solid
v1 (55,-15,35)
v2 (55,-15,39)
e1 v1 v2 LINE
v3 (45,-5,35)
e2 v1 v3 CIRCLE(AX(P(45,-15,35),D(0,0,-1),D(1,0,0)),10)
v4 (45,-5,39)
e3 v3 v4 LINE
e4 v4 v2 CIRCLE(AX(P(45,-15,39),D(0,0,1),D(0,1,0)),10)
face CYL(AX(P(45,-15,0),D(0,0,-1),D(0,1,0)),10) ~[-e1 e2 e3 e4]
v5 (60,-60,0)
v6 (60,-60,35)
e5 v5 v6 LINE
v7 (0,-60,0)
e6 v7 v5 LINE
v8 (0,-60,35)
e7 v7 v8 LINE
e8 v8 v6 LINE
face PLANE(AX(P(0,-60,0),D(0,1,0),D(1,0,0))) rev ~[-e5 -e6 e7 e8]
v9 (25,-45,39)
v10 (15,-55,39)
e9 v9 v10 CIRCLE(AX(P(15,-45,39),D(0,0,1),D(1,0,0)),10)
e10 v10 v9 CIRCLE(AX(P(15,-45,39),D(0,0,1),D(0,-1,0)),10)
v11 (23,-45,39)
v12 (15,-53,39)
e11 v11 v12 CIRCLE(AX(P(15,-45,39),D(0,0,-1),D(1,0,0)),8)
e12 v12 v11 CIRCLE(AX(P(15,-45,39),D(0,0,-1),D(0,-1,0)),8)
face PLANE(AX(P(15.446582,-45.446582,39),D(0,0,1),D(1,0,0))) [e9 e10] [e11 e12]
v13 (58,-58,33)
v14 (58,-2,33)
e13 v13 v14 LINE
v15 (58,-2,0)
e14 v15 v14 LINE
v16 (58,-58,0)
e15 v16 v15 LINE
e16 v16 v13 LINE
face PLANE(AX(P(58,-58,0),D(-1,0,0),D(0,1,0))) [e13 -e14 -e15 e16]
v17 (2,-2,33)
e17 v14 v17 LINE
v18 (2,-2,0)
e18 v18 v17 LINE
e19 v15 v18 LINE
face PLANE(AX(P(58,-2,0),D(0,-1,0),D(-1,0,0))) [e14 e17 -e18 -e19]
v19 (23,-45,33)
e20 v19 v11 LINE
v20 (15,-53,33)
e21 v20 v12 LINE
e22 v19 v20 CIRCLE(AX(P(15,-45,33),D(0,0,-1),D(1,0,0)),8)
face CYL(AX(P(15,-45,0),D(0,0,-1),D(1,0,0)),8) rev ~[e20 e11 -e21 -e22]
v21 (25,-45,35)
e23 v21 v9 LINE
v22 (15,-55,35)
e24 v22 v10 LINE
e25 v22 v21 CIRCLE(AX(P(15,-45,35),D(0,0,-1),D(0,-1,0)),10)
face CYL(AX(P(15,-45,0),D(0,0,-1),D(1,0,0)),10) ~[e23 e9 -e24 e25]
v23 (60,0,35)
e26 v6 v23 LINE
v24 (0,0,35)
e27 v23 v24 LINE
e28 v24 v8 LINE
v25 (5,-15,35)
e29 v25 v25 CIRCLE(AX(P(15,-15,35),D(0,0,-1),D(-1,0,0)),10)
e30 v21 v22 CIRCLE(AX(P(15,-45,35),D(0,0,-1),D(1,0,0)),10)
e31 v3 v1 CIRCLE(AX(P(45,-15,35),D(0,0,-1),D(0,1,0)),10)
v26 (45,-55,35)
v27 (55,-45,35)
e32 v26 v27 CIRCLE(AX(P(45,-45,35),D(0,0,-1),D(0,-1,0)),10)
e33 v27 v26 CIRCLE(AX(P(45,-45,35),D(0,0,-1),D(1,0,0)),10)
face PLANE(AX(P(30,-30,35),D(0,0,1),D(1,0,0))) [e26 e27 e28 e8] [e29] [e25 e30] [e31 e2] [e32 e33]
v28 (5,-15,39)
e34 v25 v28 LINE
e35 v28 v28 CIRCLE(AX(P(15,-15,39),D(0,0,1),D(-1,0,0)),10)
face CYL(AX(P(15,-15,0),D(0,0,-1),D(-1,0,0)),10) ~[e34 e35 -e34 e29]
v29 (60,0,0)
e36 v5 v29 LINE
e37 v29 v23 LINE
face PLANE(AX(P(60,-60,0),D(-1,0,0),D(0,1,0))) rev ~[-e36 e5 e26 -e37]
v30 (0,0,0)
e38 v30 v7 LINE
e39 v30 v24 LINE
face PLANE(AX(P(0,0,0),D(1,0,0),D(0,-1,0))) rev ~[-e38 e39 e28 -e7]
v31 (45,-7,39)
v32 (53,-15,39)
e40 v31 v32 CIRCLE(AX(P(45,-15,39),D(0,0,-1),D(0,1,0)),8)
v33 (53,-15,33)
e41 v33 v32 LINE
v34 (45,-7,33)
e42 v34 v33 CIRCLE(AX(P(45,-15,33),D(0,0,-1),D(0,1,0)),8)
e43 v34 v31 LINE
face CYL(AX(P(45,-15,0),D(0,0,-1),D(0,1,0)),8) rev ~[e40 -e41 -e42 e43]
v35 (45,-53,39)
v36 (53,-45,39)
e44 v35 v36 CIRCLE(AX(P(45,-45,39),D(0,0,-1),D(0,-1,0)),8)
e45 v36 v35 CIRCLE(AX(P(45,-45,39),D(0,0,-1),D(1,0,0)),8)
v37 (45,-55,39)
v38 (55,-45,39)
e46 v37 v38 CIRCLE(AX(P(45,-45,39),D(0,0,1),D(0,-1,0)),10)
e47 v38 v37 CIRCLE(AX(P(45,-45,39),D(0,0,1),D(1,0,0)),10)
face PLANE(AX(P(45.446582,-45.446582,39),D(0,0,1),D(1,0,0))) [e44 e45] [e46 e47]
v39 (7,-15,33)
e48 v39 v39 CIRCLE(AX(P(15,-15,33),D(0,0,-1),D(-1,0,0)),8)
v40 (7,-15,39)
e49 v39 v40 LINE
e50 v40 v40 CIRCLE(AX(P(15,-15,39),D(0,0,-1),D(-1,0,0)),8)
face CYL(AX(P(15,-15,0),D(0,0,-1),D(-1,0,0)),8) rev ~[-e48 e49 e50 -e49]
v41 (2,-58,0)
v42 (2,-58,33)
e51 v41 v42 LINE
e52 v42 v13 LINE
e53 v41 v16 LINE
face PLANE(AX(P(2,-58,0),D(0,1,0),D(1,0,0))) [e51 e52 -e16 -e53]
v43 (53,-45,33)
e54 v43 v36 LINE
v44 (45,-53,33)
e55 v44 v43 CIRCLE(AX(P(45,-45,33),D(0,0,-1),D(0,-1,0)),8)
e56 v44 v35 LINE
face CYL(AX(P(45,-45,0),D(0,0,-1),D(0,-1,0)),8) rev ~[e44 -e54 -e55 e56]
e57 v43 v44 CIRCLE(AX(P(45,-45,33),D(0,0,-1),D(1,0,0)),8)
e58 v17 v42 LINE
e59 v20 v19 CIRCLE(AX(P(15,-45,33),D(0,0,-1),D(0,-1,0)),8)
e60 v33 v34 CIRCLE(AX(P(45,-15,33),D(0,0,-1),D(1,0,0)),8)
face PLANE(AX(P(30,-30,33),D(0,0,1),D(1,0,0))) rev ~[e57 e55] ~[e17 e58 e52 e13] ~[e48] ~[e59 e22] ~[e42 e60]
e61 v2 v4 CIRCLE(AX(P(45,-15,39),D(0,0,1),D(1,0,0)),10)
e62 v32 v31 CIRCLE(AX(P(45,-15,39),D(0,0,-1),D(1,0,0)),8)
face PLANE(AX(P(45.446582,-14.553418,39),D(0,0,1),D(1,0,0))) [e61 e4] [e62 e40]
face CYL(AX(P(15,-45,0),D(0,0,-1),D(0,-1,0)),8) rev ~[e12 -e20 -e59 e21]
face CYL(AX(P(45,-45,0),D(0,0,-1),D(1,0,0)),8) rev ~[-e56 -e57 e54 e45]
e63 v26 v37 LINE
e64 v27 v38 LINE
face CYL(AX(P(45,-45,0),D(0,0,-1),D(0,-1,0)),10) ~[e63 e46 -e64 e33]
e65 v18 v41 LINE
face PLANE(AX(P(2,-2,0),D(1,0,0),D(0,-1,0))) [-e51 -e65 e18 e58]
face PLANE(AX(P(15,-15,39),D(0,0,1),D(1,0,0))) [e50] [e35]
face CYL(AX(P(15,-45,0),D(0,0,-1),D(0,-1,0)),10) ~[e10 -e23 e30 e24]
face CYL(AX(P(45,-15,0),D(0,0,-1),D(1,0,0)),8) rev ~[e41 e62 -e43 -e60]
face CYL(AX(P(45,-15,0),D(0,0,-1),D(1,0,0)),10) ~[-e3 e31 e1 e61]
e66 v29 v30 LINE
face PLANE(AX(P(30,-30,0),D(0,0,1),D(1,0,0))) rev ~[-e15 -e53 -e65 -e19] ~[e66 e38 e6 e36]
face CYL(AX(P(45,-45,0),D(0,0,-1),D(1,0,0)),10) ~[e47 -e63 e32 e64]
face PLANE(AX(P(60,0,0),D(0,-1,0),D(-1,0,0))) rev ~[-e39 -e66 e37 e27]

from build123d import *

# Parameters (mm, degrees)
F1_DEPTH = 39
F2_DEPTH = 35
F4_DEPTH = 33


with BuildPart() as f1:
    # F0 (on Top) → F1 (new body)
    with BuildSketch(Plane.XY):
        with BuildLine():
            ThreePointArc((55, -15), (52.0710678119, -7.9289321881), (45, -5))
            ThreePointArc((45, -5), (37.9289321881, -22.0710678119), (55, -15))
        make_face()
        with BuildLine():
            ThreePointArc((53, -15), (39.3431457505, -20.6568542495), (45, -7))
            ThreePointArc((45, -7), (50.6568542495, -9.3431457505), (53, -15))
        make_face(mode=Mode.SUBTRACT)
    extrude(amount=F1_DEPTH)



with BuildPart() as f1b:
    # F0 (on Top) → F1, piece 2 (new body)
    with BuildSketch(Plane.XY):
        with BuildLine():
            ThreePointArc((25, -15), (15, -5), (5, -15))
            ThreePointArc((5, -15), (15, -25), (25, -15))
        make_face()
        with BuildLine():
            ThreePointArc((23, -15), (15, -23), (7, -15))
            ThreePointArc((7, -15), (15, -7), (23, -15))
        make_face(mode=Mode.SUBTRACT)
    extrude(amount=F1_DEPTH)


with BuildPart() as f1c:
    # F0 (on Top) → F1, piece 3 (new body)
    with BuildSketch(Plane.XY):
        with BuildLine():
            ThreePointArc((25, -45), (7.9289321881, -37.9289321881), (15, -55))
            ThreePointArc((15, -55), (22.0710678119, -52.0710678119), (25, -45))
        make_face()
        with BuildLine():
            ThreePointArc((23, -45), (20.6568542495, -50.6568542495), (15, -53))
            ThreePointArc((15, -53), (9.3431457505, -39.3431457505), (23, -45))
        make_face(mode=Mode.SUBTRACT)
    extrude(amount=F1_DEPTH)


with BuildPart() as f1d:
    # F0 (on Top) → F1, piece 4 (new body)
    with BuildSketch(Plane.XY):
        with BuildLine():
            ThreePointArc((55, -45), (37.9289321881, -37.9289321881), (45, -55))
            ThreePointArc((45, -55), (52.0710678119, -52.0710678119), (55, -45))
        make_face()
        with BuildLine():
            ThreePointArc((53, -45), (50.6568542495, -50.6568542495), (45, -53))
            ThreePointArc((45, -53), (39.3431457505, -39.3431457505), (53, -45))
        make_face(mode=Mode.SUBTRACT)
    extrude(amount=F1_DEPTH)


with BuildPart() as f1_1:
    add(f1.part)

    add(f1b.part)  # F2 merges F1b

    add(f1c.part)  # F2 merges F1c

    add(f1d.part)  # F2 merges F1d
    # F0 (on Top) → F2 (join)
    with BuildSketch(Plane.XY):
        Polygon((15, 0), (0, 0), (0, -15), (0, -45), (0, -60), (15, -60), (45, -60), (60, -60), (60, -45), (60, -8.6315972731), (60, 0), (45, 0), align=None)
        with BuildLine():
            ThreePointArc((25, -45), (22.0710678119, -52.0710678119), (15, -55))
            ThreePointArc((15, -55), (7.9289321881, -37.9289321881), (25, -45))
        make_face(mode=Mode.SUBTRACT)
        with BuildLine():
            ThreePointArc((55, -45), (52.0710678119, -52.0710678119), (45, -55))
            ThreePointArc((45, -55), (37.9289321881, -37.9289321881), (55, -45))
        make_face(mode=Mode.SUBTRACT)
        with BuildLine():
            ThreePointArc((25, -15), (15, -25), (5, -15))
            ThreePointArc((5, -15), (15, -5), (25, -15))
        make_face(mode=Mode.SUBTRACT)
        with BuildLine():
            ThreePointArc((55, -15), (37.9289321881, -22.0710678119), (45, -5))
            ThreePointArc((45, -5), (52.0710678119, -7.9289321881), (55, -15))
        make_face(mode=Mode.SUBTRACT)
    extrude(amount=F2_DEPTH)

    # F3 (on Top) → F4 (cut)
    with BuildSketch(Plane.XY):
        Polygon((2, -30), (2, -58), (58, -58), (58, -2), (2, -2), align=None)
    extrude(amount=F4_DEPTH, mode=Mode.SUBTRACT)


solid = f1_1.part
